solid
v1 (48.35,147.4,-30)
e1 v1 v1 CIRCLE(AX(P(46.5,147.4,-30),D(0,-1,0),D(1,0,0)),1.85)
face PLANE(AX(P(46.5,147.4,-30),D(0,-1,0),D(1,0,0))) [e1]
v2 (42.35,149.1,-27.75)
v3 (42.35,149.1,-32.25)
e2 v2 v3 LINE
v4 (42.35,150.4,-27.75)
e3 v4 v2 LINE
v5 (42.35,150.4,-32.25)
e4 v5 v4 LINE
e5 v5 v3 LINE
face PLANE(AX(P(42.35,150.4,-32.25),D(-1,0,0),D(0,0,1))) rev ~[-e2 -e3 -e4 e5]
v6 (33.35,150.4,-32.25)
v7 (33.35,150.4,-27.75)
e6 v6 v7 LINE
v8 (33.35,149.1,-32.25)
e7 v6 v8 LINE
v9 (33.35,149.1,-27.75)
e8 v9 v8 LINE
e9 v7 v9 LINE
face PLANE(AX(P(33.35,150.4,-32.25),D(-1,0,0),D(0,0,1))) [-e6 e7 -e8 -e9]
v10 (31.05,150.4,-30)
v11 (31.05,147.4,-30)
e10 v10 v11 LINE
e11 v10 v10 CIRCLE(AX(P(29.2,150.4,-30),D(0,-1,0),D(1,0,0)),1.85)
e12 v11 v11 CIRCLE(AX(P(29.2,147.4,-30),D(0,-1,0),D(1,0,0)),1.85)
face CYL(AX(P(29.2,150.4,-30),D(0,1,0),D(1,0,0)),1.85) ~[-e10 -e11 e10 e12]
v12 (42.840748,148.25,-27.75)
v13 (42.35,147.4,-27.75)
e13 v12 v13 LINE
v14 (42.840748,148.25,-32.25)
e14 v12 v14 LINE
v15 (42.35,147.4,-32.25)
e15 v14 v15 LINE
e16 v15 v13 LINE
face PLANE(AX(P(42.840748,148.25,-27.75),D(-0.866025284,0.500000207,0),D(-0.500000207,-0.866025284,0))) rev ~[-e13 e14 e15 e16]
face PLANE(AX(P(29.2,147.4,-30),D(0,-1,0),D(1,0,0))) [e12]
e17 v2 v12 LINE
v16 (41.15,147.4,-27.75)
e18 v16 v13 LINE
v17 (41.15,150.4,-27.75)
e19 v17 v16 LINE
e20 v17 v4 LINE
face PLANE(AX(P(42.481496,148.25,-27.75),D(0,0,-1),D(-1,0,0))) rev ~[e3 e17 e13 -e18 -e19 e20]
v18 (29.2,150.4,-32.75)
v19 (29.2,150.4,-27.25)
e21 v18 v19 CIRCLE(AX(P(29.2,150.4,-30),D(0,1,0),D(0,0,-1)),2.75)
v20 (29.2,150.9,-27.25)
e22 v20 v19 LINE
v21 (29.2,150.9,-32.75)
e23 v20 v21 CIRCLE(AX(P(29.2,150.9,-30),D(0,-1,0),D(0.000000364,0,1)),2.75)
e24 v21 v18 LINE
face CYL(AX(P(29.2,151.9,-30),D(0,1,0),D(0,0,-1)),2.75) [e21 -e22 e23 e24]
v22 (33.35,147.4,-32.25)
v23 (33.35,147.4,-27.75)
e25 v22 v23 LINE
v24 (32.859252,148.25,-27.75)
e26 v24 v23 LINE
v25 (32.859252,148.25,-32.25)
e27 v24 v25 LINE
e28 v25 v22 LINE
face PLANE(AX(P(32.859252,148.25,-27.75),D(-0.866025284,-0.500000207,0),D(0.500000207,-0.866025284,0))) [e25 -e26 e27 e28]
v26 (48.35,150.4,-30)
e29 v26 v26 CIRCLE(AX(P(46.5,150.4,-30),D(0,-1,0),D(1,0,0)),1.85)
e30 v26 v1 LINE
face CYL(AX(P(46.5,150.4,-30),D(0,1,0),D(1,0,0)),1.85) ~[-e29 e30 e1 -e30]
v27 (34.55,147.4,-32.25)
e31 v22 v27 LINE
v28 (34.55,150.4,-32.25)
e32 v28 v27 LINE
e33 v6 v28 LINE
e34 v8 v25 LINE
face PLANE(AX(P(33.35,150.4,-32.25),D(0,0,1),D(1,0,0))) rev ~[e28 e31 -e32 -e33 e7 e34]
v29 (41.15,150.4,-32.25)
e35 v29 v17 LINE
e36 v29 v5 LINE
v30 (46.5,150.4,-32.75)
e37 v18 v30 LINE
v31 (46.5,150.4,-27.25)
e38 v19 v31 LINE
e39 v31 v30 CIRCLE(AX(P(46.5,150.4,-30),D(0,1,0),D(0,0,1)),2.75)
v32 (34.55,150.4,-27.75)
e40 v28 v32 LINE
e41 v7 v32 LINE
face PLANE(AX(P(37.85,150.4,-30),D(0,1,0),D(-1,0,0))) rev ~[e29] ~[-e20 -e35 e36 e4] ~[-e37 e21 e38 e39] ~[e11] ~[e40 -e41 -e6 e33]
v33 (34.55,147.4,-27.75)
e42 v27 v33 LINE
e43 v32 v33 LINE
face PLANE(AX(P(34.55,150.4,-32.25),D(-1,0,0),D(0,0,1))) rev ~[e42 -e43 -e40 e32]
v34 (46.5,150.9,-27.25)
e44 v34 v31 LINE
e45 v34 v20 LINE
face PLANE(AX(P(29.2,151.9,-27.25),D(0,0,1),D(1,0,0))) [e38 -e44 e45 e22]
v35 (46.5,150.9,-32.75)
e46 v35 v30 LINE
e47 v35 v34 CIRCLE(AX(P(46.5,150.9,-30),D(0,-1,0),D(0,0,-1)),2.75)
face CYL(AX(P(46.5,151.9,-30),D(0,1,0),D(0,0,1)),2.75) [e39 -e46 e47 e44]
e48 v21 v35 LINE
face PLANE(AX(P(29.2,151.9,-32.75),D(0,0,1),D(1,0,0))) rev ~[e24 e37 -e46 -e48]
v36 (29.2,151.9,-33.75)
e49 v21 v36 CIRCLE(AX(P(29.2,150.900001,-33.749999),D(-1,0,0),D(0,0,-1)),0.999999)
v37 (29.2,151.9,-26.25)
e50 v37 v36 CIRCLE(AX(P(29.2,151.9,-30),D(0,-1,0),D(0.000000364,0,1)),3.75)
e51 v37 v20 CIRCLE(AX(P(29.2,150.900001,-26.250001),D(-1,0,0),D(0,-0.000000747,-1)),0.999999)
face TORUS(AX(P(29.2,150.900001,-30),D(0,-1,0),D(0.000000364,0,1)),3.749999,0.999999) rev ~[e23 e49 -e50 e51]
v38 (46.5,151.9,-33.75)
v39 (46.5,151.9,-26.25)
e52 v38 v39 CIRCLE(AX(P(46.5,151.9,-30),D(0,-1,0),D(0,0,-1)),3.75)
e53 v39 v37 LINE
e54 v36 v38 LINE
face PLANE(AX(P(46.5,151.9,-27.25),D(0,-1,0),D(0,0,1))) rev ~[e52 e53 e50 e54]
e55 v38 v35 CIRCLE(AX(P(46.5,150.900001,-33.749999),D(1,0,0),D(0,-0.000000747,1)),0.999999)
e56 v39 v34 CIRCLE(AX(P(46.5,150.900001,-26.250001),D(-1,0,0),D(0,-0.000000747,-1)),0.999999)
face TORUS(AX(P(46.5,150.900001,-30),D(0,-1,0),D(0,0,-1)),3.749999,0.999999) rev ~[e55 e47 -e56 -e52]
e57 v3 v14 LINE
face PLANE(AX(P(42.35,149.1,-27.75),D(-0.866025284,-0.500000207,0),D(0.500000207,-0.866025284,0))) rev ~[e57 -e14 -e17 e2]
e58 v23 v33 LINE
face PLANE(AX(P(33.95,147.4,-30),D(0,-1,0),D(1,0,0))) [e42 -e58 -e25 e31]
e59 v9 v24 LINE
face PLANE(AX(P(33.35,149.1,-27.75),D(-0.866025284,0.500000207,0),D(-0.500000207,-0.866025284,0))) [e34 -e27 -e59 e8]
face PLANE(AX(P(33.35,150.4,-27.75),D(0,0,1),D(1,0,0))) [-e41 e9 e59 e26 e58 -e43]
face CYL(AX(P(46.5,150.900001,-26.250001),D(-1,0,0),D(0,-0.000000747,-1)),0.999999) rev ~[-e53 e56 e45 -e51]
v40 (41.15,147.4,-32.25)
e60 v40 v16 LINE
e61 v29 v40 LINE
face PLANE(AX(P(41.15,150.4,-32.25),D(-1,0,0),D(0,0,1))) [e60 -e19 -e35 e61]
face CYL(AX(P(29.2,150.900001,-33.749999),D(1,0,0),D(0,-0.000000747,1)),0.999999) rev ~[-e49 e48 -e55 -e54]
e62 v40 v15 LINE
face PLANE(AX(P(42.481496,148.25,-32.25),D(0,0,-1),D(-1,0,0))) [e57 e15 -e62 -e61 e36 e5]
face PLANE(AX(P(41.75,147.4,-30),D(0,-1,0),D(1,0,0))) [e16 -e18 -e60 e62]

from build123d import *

# Parameters (mm, degrees)
SKETCH017_R      = 1.85
SKETCH017_W      = 1.2
SKETCH017_H      = 4.5
EXTRUDE022_DEPTH = 3
EXTRUDE023_DEPTH = 4.5
EXTRUDE021_DEPTH = 1.5


with BuildPart() as extrude022:
    # Sketch017 (on Face5 of Extrude021) → Extrude022 (new body)
    with BuildSketch(Plane.XZ.offset(-150.4)):
        with Locations((29.2, -30)):
            Circle(SKETCH017_R)
        with Locations((46.5, -30)):
            Circle(SKETCH017_R)
        with Locations((33.95, -30)):
            Rectangle(SKETCH017_W, SKETCH017_H)
        with Locations((41.75, -30)):
            Rectangle(SKETCH017_W, SKETCH017_H)
    extrude(amount=EXTRUDE022_DEPTH)


with BuildPart() as extrude023:
    # Sketch018 (on Face8 of Extrude022) → Extrude023 (new body)
    with BuildSketch(Plane.XY.offset(-27.75)):
        Polygon((33.35, 147.4), (33.35, 149.1), (32.859252, 148.25), align=None)
        Polygon((42.35, 147.4), (42.35, 149.1), (42.840748, 148.25), align=None)
    extrude(amount=-EXTRUDE023_DEPTH)


with BuildPart() as sweep_body:
    # Sweep: sweep along a path in Sketch020
    with BuildLine(Plane.XZ.offset(-150.4)) as sweep_path:
        Line((46.5, -27.25), (29.2, -27.25))
        ThreePointArc((29.200001, -27.25), (26.45, -30), (29.2, -32.75))
        Line((29.2, -32.75), (46.5, -32.75))
        ThreePointArc((46.5, -32.75), (49.25, -29.999999), (46.499999, -27.25))
    # Sketch019 (on Vertex5 of Extrude021) → Sweep (sweep)
    with BuildSketch(Plane(origin=(46.5, 150.4, -27.25), x_dir=(0, 1, 0), z_dir=(1, 0, 0))):
        with BuildLine():
            Line((0.5, 0), (1.5, 0))
            Line((1.5, 0), (1.5, 1))
            ThreePointArc((0.5, 0), (1.207107, 0.292893), (1.5, 1))
        make_face()
    sweep(path=sweep_path.line, is_frenet=True)


with BuildPart() as usb_cover:
    # Sketch016 (on Face14 of Fusion014) → Extrude021 (new body)
    with BuildSketch(Plane(origin=(68, 151.9, 0), x_dir=(-1, 0, 0), z_dir=(0, 1, 0))):
        with BuildLine():
            Line((38.8, -27.25), (21.5, -27.25))
            ThreePointArc((21.5, -27.25), (18.75, -30), (21.5, -32.75))
            Line((38.8, -32.75), (21.5, -32.75))
            ThreePointArc((38.8, -32.75), (41.55, -30), (38.8, -27.25))
        make_face()
    extrude(amount=-EXTRUDE021_DEPTH)

    # Fusion071: union Extrude022, Extrude023, Sweep body
    add(extrude022.part)
    add(extrude023.part)
    add(sweep_body.part)


solid = usb_cover.part
